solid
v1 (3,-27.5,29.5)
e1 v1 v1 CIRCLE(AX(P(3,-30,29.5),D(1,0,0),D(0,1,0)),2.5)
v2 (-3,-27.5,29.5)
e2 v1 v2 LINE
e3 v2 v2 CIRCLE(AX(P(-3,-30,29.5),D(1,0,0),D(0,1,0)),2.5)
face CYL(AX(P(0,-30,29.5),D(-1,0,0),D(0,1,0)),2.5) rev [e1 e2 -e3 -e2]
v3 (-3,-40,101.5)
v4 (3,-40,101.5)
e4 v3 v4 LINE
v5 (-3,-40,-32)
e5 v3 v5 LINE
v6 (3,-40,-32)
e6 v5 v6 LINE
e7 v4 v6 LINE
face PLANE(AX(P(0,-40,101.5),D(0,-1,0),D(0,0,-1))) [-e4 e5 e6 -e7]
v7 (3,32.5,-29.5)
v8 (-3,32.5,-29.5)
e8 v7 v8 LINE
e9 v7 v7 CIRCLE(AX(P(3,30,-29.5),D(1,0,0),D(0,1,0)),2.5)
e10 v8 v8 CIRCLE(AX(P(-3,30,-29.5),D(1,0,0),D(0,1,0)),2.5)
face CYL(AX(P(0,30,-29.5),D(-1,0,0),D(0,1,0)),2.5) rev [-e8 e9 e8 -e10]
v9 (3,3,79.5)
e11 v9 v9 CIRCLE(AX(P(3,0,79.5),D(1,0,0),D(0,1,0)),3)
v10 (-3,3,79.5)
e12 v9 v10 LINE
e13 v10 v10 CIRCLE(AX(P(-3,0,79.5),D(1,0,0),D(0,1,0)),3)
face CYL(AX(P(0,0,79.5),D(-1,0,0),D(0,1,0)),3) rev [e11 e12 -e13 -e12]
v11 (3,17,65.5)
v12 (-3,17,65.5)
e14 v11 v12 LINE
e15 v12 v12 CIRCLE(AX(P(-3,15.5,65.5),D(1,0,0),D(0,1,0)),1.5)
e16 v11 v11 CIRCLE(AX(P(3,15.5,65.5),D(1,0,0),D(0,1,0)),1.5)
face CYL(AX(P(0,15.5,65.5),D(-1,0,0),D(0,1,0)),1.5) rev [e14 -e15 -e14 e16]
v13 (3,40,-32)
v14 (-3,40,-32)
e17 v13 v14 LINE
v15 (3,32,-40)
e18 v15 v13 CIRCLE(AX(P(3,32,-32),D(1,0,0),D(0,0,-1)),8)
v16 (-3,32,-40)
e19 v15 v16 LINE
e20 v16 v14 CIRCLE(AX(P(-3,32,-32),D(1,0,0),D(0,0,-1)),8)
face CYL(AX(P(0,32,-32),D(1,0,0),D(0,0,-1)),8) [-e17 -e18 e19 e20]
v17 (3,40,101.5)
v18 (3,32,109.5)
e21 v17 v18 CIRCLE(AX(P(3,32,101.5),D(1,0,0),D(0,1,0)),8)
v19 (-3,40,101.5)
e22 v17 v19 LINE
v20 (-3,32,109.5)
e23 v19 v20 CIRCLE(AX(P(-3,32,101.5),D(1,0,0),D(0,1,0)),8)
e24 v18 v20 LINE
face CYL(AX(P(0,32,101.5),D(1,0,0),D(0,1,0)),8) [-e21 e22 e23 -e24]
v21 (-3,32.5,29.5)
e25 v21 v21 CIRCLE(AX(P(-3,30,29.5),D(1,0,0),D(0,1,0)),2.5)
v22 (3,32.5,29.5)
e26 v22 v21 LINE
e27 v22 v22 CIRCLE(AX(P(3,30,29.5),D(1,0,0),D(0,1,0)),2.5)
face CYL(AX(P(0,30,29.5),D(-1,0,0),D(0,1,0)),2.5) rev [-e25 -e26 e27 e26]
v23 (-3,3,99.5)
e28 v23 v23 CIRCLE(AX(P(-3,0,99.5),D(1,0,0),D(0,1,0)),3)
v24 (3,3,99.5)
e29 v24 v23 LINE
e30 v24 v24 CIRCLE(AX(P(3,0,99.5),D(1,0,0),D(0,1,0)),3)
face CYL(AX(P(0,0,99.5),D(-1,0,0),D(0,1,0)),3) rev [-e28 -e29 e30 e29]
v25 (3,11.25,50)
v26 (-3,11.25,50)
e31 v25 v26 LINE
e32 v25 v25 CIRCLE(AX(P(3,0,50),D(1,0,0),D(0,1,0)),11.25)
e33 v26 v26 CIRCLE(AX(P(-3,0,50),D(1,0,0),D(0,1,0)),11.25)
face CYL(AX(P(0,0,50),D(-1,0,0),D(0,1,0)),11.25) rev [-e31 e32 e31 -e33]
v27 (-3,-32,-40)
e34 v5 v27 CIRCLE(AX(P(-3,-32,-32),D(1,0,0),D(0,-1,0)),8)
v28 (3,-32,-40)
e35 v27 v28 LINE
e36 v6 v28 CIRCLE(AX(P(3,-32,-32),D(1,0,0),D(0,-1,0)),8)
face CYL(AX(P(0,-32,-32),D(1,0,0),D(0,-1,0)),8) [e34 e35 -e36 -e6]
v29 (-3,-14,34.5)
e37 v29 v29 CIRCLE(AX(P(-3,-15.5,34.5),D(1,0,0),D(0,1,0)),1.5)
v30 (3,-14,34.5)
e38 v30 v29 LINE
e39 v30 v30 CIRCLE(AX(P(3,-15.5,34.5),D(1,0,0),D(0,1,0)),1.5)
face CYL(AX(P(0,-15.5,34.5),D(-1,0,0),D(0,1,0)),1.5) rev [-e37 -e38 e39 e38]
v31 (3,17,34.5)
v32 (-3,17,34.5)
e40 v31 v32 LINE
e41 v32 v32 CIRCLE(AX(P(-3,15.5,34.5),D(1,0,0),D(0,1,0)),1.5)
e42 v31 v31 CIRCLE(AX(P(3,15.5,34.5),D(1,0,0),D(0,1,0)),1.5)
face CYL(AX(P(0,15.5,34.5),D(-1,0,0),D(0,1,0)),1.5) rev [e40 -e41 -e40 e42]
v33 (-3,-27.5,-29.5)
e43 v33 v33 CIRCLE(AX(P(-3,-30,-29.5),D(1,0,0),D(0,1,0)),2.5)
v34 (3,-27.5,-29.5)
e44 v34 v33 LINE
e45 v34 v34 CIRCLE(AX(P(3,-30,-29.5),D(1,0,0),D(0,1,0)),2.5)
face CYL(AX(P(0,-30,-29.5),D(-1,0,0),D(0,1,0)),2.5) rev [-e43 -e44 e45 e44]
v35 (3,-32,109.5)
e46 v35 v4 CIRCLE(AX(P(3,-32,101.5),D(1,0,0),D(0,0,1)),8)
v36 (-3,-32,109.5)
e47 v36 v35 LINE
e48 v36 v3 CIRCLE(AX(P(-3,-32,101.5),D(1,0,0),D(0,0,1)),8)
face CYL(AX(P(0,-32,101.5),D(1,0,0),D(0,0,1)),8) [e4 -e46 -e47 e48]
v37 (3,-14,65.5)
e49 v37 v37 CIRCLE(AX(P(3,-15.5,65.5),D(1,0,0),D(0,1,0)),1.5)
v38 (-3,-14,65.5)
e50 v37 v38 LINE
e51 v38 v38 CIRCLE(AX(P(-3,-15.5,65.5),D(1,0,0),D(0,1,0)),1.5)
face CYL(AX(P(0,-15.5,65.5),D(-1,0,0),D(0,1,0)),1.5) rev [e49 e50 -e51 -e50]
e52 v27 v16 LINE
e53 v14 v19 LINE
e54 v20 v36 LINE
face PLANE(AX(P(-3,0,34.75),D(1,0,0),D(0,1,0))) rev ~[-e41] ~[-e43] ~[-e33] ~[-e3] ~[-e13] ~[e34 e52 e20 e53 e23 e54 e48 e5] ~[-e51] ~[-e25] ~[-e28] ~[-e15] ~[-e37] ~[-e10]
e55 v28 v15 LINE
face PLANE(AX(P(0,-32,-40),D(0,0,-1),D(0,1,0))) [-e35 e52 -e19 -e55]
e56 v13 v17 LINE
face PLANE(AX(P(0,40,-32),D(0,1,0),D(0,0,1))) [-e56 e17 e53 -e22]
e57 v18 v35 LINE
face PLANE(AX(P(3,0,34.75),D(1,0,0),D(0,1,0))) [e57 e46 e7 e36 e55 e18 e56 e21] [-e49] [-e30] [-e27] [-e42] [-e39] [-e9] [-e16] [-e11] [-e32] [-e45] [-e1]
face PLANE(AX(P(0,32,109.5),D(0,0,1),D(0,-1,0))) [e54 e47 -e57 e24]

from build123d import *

# Parameters (mm, degrees)
F0_R     = 2.5
F0_R_2   = 1.5
F0_R_3   = 11.25
F0_R_4   = 3
F1_DEPTH = 3


with BuildPart() as f1:
    # F0 (on Right) → F1 (new body, symmetric)
    with BuildSketch(Plane.YZ):
        with BuildLine():
            Line((32, 109.5), (-32, 109.5))
            ThreePointArc((-32, 109.5), (-37.6568542495, 107.1568542495), (-40, 101.5))
            Line((-40, 101.5), (-40, -32))
            ThreePointArc((-40, -32), (-37.6568542495, -37.6568542495), (-32, -40))
            Line((-32, -40), (32, -40))
            ThreePointArc((32, -40), (37.6568542495, -37.6568542495), (40, -32))
            Line((40, -32), (40, 101.5))
            ThreePointArc((40, 101.5), (37.6568542495, 107.1568542495), (32, 109.5))
        make_face()
        with Locations((-30, -29.5)):
            Circle(F0_R, mode=Mode.SUBTRACT)
        with Locations((-30, 29.5)):
            Circle(F0_R, mode=Mode.SUBTRACT)
        with Locations((-15.5, 34.5)):
            Circle(F0_R_2, mode=Mode.SUBTRACT)
        with Locations((30, -29.5)):
            Circle(F0_R, mode=Mode.SUBTRACT)
        with Locations((15.5, 34.5)):
            Circle(F0_R_2, mode=Mode.SUBTRACT)
        with Locations((30, 29.5)):
            Circle(F0_R, mode=Mode.SUBTRACT)
        with Locations((-15.5, 65.5)):
            Circle(F0_R_2, mode=Mode.SUBTRACT)
        with Locations((0, 50)):
            Circle(F0_R_3, mode=Mode.SUBTRACT)
        with Locations((15.5, 65.5)):
            Circle(F0_R_2, mode=Mode.SUBTRACT)
        with Locations((0, 79.5)):
            Circle(F0_R_4, mode=Mode.SUBTRACT)
        with Locations((0, 99.5)):
            Circle(F0_R_4, mode=Mode.SUBTRACT)
    extrude(amount=F1_DEPTH, both=True)


solid = f1.part
